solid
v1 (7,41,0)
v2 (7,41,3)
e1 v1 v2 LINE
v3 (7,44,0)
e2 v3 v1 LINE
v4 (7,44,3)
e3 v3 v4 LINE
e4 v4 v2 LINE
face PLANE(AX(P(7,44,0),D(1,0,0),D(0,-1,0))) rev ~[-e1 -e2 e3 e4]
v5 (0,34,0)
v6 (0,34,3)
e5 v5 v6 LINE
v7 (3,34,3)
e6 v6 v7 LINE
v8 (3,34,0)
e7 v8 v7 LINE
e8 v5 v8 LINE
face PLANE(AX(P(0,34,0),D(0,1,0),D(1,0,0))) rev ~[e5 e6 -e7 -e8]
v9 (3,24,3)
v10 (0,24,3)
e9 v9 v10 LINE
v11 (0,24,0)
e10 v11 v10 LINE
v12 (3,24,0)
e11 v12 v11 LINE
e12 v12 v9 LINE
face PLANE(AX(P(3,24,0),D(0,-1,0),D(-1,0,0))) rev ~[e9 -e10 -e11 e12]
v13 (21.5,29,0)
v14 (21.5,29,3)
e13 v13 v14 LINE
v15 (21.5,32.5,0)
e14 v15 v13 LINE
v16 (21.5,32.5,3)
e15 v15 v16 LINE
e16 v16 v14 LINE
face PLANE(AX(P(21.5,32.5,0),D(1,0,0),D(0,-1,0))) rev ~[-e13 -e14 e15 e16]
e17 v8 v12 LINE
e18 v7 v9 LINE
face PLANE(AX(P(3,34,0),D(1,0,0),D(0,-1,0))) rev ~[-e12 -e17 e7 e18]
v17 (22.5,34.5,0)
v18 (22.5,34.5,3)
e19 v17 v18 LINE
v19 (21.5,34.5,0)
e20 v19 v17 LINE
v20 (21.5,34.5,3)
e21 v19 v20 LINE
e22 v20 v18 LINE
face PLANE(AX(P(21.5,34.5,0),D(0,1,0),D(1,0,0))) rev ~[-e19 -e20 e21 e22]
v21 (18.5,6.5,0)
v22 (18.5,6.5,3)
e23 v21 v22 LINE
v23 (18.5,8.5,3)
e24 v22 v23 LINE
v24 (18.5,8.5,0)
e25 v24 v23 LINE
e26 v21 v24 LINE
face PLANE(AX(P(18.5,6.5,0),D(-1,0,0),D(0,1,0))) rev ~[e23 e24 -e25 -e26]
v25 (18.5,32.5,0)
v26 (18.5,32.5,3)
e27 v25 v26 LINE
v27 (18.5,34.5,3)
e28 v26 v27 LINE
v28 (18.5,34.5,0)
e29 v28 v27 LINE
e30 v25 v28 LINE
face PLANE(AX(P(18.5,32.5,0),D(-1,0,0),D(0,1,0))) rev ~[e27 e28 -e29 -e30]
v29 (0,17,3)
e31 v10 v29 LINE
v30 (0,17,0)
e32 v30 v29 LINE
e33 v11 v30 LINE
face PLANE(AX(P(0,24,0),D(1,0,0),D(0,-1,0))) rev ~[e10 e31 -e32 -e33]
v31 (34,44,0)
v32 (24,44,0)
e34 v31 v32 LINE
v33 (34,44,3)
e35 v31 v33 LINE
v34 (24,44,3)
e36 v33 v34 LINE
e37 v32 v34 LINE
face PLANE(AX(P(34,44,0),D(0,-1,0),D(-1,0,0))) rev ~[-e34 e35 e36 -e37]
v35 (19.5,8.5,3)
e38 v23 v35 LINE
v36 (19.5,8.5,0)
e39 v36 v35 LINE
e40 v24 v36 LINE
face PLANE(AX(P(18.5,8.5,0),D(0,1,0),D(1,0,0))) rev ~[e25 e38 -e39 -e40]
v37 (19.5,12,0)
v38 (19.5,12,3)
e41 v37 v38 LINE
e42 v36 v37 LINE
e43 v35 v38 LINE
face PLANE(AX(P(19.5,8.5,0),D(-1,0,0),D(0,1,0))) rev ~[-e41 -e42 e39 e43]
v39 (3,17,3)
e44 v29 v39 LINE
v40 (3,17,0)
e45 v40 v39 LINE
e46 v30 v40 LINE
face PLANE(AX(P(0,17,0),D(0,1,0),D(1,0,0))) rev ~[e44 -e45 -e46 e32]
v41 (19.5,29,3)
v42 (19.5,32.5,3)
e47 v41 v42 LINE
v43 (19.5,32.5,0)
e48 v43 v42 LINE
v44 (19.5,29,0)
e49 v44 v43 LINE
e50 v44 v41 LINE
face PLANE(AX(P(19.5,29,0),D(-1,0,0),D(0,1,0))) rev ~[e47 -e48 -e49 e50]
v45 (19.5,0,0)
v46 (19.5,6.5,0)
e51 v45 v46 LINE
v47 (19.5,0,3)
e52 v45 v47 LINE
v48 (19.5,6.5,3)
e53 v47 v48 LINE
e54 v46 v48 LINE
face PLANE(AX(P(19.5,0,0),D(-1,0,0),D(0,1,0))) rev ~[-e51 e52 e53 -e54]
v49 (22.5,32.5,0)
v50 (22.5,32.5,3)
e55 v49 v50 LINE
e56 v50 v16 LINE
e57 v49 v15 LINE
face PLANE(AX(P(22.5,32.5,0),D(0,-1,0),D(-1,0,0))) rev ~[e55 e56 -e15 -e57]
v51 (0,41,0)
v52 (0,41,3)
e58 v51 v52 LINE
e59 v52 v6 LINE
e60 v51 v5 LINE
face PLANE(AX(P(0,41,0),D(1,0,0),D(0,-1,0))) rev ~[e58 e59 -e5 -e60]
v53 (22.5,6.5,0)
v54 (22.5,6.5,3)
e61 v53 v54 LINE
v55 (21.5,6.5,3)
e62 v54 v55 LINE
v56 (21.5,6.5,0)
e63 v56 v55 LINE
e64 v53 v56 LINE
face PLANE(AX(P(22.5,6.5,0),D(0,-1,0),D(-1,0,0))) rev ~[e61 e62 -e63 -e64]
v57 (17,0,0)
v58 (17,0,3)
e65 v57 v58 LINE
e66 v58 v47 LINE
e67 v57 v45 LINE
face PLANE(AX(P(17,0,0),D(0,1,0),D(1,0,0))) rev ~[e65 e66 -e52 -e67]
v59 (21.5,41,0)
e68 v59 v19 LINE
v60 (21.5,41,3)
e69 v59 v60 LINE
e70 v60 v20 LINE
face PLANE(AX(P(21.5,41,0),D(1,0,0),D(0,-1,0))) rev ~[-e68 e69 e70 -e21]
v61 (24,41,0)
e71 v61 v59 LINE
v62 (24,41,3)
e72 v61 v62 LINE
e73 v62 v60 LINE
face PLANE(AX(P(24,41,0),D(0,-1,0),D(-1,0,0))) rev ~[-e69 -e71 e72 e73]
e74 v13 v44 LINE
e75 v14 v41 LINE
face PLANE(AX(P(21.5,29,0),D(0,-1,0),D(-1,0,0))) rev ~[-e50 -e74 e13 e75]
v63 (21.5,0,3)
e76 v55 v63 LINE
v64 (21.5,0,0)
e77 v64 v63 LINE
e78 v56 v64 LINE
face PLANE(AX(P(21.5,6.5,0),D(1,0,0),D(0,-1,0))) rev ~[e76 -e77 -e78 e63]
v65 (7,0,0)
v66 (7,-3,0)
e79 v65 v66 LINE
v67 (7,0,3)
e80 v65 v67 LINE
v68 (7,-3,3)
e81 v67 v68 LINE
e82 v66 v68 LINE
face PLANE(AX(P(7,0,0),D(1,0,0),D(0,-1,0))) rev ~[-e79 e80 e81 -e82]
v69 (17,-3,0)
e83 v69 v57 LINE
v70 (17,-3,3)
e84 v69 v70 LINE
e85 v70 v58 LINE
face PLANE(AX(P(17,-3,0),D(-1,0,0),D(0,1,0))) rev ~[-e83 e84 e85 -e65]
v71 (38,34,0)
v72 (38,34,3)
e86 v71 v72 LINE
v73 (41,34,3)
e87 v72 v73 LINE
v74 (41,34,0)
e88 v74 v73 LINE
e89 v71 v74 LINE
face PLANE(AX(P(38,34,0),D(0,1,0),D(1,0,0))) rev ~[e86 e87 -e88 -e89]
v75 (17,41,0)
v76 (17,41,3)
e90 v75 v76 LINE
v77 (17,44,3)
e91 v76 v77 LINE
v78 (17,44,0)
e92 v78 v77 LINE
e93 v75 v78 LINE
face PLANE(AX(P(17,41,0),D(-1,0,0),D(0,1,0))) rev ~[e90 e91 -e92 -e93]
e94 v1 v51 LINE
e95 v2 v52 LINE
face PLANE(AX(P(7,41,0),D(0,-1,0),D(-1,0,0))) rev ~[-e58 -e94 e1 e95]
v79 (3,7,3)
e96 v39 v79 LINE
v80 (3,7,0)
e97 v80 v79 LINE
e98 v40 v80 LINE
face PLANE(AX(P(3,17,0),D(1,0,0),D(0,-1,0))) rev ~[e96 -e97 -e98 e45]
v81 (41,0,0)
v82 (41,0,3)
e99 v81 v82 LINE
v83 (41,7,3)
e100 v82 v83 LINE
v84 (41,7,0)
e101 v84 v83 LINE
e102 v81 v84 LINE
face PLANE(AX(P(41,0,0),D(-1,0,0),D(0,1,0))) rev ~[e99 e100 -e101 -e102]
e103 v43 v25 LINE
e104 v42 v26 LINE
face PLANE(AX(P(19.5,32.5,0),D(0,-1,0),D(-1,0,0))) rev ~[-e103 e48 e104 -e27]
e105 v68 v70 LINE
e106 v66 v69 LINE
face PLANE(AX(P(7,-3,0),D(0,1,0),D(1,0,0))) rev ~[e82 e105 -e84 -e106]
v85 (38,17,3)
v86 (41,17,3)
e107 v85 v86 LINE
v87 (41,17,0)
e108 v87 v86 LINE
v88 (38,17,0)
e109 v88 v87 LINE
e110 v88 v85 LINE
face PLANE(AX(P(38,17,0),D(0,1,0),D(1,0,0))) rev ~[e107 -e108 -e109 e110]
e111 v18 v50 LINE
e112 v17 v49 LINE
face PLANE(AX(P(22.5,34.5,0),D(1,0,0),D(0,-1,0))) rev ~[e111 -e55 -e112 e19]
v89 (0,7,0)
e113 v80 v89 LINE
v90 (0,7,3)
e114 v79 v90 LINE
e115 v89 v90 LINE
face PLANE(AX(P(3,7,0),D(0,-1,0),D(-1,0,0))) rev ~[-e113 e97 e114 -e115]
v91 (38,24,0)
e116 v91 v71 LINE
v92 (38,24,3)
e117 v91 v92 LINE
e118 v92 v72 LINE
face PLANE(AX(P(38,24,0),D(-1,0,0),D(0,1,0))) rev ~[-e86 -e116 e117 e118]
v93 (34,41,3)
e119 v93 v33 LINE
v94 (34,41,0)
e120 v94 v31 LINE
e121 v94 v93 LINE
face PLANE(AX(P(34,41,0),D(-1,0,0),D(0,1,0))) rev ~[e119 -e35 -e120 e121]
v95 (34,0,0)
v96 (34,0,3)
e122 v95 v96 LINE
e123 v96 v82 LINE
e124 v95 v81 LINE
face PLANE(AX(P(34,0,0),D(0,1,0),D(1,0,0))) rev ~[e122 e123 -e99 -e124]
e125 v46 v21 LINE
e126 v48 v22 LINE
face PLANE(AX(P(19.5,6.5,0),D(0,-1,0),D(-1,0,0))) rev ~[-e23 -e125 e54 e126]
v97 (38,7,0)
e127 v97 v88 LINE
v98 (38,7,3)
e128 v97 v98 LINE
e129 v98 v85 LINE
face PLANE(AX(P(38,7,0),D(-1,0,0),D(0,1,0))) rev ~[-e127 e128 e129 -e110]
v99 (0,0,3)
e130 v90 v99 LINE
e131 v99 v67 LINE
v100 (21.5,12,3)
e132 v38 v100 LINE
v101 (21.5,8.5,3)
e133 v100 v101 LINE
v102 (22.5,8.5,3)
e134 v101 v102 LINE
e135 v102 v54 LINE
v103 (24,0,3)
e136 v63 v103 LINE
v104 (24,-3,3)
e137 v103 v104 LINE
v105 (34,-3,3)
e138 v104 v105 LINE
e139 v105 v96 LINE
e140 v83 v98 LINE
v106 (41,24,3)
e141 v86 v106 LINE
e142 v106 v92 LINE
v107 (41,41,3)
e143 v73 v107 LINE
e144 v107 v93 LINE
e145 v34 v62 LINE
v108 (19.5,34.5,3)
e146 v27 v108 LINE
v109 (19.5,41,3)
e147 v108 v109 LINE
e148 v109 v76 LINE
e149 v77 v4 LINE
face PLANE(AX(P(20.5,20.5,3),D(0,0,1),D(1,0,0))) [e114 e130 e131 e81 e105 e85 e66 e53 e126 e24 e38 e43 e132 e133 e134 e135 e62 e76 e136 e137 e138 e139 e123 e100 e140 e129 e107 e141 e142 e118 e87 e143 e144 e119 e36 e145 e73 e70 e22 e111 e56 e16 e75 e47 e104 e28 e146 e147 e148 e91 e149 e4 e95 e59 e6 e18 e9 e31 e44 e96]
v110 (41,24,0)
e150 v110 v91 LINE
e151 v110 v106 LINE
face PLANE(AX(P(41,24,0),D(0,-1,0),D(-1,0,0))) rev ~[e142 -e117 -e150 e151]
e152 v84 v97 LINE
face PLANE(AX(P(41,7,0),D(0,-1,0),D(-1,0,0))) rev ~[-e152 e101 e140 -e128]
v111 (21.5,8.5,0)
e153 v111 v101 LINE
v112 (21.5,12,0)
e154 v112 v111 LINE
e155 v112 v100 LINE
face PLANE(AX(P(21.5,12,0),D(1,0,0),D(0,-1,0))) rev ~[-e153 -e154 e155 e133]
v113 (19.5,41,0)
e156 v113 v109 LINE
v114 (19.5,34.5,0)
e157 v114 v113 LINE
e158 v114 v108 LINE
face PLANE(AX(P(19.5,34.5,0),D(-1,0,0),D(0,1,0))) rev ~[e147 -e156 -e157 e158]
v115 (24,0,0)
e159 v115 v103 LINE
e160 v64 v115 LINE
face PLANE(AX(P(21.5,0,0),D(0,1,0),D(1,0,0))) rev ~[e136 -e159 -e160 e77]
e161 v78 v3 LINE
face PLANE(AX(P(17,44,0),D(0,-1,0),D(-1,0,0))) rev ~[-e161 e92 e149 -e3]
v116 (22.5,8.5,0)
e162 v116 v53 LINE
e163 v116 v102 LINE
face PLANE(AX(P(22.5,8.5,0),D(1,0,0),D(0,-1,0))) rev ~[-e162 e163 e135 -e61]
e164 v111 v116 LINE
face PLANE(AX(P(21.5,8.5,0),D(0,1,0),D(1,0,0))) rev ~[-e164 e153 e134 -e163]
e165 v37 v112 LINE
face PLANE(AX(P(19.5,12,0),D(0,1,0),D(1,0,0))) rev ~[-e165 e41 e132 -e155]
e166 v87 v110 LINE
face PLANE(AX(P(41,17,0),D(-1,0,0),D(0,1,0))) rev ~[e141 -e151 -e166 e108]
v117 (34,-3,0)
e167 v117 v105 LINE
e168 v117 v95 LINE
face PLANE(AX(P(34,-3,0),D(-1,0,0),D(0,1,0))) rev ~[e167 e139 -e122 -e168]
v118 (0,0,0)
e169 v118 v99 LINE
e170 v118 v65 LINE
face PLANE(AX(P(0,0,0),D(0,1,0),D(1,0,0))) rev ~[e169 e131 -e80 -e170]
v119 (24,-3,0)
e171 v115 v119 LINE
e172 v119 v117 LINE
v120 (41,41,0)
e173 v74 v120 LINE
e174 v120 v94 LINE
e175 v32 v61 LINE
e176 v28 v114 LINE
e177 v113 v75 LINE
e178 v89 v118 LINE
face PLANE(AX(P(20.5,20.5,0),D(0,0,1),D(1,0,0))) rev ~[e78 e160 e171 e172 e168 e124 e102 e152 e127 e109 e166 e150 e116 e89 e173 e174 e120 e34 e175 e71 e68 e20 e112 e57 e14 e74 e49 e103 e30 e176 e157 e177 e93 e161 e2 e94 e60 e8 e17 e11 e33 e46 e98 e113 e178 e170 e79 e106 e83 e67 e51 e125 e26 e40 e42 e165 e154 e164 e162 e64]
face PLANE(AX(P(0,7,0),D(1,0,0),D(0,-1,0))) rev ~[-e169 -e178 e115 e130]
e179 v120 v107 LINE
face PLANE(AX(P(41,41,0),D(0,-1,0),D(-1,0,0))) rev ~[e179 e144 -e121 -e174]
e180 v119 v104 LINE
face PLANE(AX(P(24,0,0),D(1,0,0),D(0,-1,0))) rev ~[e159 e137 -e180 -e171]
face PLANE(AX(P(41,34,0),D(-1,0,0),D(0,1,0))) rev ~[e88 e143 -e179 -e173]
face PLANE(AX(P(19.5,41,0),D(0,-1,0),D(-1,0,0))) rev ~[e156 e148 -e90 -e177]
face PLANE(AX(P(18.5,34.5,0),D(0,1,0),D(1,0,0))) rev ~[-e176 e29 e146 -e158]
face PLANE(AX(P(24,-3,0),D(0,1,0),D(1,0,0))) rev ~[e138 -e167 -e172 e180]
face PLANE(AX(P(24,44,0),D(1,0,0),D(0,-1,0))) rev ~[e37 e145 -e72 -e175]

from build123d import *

# Parameters (mm, degrees)
F1_DEPTH = 3


with BuildPart() as f1:
    # F0 (on Top) → F1 (new body)
    with BuildSketch(Plane.XY):
        Polygon((0, 7), (0, 0), (7, 0), (7, -3), (17, -3), (17, 0), (19.5, 0), (19.5, 6.5), (18.5, 6.5), (18.5, 8.5), (19.5, 8.5), (19.5, 12), (21.5, 12), (21.5, 8.5), (22.5, 8.5), (22.5, 6.5), (21.5, 6.5), (21.5, 0), (24, 0), (24, -3), (34, -3), (34, 0), (41, 0), (41, 7), (38, 7), (38, 17), (41, 17), (41, 24), (38, 24), (38, 34), (41, 34), (41, 41), (34, 41), (34, 44), (24, 44), (24, 41), (21.5, 41), (21.5, 34.5), (22.5, 34.5), (22.5, 32.5), (21.5, 32.5), (21.5, 29), (19.5, 29), (19.5, 32.5), (18.5, 32.5), (18.5, 34.5), (19.5, 34.5), (19.5, 41), (17, 41), (17, 44), (7, 44), (7, 41), (0, 41), (0, 34), (3, 34), (3, 24), (0, 24), (0, 17), (3, 17), (3, 7), align=None)
    extrude(amount=F1_DEPTH)


solid = f1.part
